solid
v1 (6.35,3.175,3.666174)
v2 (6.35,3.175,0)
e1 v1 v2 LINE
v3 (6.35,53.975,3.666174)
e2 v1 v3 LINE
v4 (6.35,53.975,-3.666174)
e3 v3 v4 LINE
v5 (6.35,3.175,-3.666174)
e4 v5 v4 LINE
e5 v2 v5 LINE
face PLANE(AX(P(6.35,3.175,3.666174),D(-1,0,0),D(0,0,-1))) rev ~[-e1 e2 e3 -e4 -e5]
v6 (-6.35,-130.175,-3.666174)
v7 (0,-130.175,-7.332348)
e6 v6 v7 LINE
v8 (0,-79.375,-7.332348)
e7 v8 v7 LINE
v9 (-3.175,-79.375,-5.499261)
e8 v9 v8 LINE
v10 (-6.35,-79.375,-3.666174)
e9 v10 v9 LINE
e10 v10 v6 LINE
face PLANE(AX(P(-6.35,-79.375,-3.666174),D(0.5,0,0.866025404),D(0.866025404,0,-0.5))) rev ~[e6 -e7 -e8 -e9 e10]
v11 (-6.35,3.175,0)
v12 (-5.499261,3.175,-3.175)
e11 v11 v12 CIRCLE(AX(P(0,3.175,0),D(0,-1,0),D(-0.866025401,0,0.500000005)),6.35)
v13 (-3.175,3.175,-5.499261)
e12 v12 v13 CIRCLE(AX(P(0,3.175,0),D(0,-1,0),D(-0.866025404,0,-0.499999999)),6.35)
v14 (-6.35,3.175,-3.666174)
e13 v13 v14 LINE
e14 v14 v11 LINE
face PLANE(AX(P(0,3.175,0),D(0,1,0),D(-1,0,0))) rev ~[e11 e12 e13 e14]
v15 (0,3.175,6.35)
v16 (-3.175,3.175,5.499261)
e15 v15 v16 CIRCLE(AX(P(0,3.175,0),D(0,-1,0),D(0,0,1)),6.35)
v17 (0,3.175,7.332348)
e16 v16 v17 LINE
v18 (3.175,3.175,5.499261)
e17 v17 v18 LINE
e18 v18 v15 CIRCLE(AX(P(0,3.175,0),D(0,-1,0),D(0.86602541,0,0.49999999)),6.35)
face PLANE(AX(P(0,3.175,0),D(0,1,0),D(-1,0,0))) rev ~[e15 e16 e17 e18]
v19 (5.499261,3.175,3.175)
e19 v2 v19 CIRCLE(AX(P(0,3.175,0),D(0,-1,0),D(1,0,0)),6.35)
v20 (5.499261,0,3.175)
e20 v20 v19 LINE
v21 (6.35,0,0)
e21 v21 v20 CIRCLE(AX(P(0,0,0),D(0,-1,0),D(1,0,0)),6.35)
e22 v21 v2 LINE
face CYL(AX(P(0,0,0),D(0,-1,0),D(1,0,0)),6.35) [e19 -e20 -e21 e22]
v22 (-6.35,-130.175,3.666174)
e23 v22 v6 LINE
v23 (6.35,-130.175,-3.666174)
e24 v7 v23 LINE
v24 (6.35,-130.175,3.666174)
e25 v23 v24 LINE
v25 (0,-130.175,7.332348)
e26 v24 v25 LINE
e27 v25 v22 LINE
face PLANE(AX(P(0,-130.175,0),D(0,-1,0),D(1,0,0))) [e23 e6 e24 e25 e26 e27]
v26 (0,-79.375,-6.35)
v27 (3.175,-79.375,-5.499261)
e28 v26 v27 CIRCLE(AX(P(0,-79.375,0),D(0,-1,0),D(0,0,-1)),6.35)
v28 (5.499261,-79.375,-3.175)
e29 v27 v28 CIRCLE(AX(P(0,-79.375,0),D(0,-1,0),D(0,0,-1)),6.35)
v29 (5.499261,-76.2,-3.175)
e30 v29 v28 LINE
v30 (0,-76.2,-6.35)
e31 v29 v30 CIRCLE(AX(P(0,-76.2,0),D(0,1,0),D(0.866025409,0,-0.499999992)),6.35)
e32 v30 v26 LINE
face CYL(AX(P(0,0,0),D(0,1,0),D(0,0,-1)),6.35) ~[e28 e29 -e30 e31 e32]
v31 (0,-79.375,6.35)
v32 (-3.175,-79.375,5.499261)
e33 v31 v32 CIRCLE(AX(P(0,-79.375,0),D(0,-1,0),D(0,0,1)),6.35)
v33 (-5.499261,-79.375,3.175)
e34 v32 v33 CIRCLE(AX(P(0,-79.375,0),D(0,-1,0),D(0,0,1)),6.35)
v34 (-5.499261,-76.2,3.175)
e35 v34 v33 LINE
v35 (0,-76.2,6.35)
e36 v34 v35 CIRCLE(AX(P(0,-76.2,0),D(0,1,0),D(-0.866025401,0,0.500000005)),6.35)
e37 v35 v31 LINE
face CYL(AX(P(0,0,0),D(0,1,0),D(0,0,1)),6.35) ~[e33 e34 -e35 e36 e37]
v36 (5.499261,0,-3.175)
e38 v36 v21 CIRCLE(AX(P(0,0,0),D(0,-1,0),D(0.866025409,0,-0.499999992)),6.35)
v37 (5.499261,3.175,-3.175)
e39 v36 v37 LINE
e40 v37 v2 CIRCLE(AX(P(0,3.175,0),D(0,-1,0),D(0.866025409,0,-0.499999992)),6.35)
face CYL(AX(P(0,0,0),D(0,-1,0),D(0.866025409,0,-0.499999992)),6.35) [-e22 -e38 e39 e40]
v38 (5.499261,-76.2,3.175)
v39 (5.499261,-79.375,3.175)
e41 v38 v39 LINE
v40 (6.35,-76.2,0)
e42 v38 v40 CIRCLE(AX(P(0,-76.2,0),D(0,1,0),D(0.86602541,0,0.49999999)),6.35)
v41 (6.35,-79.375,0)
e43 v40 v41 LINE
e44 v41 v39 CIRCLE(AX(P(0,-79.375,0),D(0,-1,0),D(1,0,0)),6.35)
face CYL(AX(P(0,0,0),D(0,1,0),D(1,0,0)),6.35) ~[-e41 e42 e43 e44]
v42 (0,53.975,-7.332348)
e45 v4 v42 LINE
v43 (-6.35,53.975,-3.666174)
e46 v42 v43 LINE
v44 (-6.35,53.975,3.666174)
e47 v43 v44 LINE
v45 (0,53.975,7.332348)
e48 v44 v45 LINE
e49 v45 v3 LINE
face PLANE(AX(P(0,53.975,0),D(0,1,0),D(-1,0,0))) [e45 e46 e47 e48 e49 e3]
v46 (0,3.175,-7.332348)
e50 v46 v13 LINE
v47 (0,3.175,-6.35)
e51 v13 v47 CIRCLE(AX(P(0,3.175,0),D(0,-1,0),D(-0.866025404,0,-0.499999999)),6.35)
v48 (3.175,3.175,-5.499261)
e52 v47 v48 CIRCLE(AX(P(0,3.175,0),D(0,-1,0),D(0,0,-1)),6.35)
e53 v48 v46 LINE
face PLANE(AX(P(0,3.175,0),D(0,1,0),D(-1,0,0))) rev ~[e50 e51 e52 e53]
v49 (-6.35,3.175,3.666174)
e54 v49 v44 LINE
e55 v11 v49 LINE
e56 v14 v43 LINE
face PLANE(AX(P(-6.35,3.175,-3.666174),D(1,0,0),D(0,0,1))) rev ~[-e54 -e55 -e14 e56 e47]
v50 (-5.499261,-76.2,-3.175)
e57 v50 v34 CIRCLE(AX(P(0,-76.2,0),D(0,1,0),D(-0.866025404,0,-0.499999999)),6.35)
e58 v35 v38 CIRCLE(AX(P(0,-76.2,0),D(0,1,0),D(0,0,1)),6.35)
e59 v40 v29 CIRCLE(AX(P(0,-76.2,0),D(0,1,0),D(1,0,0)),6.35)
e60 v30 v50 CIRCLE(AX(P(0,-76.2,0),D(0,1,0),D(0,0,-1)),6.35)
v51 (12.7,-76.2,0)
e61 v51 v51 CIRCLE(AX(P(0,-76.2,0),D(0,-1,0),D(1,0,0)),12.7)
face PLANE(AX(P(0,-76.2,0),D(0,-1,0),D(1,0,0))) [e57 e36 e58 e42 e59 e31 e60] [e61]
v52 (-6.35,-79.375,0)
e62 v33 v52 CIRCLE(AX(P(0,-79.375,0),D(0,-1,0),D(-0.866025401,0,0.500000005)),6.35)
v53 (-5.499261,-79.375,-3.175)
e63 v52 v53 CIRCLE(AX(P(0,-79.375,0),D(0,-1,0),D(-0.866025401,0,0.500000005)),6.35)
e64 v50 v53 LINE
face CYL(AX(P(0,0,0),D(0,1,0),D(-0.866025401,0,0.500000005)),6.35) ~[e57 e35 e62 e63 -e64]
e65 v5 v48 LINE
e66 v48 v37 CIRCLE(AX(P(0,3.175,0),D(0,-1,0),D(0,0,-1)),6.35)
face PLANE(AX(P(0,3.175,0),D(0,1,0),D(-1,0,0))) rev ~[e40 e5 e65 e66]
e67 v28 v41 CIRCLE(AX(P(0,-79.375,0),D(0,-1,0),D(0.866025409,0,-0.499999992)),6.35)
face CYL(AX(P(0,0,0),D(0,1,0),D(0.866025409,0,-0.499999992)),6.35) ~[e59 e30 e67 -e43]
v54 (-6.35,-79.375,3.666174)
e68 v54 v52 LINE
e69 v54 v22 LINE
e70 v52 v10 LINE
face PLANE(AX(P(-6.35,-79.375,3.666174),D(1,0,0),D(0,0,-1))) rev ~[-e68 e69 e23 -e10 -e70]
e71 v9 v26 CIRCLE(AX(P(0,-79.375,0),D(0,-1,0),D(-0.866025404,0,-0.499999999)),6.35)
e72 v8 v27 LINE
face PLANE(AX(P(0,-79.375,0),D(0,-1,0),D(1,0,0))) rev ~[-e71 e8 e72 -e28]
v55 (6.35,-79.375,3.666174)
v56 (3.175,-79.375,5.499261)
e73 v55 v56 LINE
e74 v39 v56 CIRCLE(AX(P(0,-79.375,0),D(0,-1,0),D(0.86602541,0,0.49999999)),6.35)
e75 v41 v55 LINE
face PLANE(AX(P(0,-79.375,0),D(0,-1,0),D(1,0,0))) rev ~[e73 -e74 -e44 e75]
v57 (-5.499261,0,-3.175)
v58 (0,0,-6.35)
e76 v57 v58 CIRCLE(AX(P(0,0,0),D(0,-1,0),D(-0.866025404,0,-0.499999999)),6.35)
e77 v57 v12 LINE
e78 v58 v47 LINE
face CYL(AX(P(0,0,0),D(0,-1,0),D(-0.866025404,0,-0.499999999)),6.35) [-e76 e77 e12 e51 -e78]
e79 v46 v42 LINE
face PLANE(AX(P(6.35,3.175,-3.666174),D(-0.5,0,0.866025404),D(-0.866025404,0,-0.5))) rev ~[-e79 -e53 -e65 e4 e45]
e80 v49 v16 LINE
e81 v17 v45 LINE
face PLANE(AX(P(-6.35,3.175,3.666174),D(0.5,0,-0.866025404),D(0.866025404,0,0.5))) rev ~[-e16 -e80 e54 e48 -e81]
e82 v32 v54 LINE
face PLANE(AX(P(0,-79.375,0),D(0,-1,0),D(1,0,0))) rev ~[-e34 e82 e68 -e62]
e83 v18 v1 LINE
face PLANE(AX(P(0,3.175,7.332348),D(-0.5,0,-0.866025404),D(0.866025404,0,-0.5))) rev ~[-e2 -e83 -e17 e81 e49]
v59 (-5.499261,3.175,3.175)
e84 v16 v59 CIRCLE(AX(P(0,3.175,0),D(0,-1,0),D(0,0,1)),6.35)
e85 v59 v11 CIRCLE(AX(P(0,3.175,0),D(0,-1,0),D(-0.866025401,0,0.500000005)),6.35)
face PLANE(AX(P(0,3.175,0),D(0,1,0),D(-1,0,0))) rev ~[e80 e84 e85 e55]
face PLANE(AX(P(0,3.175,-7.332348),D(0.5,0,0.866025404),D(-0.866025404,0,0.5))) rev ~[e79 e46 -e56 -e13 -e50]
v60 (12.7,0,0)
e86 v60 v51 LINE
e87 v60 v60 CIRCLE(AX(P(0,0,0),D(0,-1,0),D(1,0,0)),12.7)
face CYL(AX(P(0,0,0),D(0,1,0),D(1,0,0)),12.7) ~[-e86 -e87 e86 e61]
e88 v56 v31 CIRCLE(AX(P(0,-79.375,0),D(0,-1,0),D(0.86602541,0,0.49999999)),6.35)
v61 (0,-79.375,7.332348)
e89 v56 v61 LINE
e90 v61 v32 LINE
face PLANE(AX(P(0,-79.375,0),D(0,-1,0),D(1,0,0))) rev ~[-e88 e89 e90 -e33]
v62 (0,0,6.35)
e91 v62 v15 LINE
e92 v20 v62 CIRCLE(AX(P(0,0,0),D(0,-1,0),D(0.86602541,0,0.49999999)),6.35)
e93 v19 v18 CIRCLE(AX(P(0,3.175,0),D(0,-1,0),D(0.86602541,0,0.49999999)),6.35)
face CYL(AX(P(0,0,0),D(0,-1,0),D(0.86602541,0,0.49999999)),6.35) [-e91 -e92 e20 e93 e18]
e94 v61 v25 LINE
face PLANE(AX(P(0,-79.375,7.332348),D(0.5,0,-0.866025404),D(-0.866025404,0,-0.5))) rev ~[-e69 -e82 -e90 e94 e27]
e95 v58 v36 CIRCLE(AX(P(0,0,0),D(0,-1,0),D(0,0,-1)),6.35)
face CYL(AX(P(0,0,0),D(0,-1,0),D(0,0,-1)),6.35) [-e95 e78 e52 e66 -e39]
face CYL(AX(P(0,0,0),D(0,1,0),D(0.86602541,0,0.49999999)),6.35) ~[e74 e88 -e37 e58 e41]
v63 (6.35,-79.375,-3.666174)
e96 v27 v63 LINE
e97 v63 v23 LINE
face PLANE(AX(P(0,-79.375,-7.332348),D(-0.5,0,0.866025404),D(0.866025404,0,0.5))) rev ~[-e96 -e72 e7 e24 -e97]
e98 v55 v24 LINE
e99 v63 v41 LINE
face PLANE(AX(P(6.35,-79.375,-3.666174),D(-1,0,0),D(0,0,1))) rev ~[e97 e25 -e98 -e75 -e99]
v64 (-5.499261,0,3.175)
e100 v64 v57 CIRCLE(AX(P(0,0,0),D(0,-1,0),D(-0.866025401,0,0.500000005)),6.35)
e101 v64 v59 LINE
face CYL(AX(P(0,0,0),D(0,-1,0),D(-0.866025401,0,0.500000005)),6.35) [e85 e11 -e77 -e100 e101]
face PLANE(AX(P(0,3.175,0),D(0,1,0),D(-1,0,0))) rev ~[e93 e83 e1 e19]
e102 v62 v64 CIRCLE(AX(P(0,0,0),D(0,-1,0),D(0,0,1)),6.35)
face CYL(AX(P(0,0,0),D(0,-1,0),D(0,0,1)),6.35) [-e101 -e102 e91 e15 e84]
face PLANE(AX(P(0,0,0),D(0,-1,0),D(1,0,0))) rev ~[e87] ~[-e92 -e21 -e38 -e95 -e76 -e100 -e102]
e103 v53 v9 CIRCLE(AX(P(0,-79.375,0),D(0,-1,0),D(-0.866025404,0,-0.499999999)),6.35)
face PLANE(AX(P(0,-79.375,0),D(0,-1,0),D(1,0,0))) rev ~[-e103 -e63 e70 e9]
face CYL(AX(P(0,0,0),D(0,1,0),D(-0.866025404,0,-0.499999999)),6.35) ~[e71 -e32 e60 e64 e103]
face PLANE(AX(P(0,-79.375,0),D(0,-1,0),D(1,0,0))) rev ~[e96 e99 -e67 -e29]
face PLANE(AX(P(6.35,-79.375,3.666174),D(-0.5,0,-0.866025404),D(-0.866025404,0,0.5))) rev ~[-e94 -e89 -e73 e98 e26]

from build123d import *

# Parameters (mm, degrees)
F0_R          = 12.7
F1_DEPTH      = 76.2
F2_DEPTH      = 79.375
F2_DEPTH_BACK = 3.175
F4_DEPTH      = 50.8
F6_DEPTH      = 50.8


with BuildPart() as f1:
    # F0 (on Front) → F1 (new body)
    with BuildSketch(Plane.XZ):
        Circle(F0_R)
        Polygon((3.6661742094, 6.35), (5.499261351, 3.174999936), (7.3323484187, 0), (5.4992613448, -3.1749999467), (3.6661742094, -6.35), (0, -6.35), (-3.6661742094, -6.35), (-5.4992613166, -3.1749999956), (-7.3323484187, 0), (-5.4992612953, 3.1750000324), (-3.6661742094, 6.35), (0, 6.35), align=None, mode=Mode.SUBTRACT)
        with BuildLine():
            ThreePointArc((0, 6.35), (3.175000032, 5.4992612955), (5.499261351, 3.174999936))
            Line((5.499261351, 3.174999936), (3.6661742094, 6.35))
            Line((3.6661742094, 6.35), (0, 6.35))
        make_face()
        with BuildLine():
            ThreePointArc((5.499261351, 3.174999936), (6.1336290065, 1.6435009007), (6.35, 0))
            ThreePointArc((6.35, 0), (6.1336290049, -1.6435009067), (5.4992613448, -3.1749999467))
            Line((5.4992613448, -3.1749999467), (7.3323484187, 0))
            Line((7.3323484187, 0), (5.499261351, 3.174999936))
        make_face()
        with BuildLine():
            ThreePointArc((-5.4992612953, 3.1750000324), (-3.1749999838, 5.4992613234), (0, 6.35))
            Line((0, 6.35), (-3.6661742094, 6.35))
            Line((-3.6661742094, 6.35), (-5.4992612953, 3.1750000324))
        make_face()
        with BuildLine():
            ThreePointArc((-5.4992613166, -3.1749999956), (-6.35, 2.13e-08), (-5.4992612953, 3.1750000324))
            Line((-5.4992612953, 3.1750000324), (-7.3323484187, 0))
            Line((-7.3323484187, 0), (-5.4992613166, -3.1749999956))
        make_face()
        with BuildLine():
            Line((-3.6661742094, -6.35), (0, -6.35))
            ThreePointArc((0, -6.35), (-3.1750000022, -5.4992613128), (-5.4992613166, -3.1749999956))
            Line((-5.4992613166, -3.1749999956), (-3.6661742094, -6.35))
        make_face()
        with BuildLine():
            Line((3.6661742094, -6.35), (5.4992613448, -3.1749999467))
            ThreePointArc((5.4992613448, -3.1749999467), (3.1750000266, -5.4992612987), (0, -6.35))
            Line((0, -6.35), (3.6661742094, -6.35))
        make_face()
    extrude(amount=F1_DEPTH)

    # F0 (on Front) → F2 (join, two sides)
    with BuildSketch(Plane.XZ) as f2_sk:
        with BuildLine():
            ThreePointArc((5.4992613448, -3.1749999467), (6.1336290049, -1.6435009067), (6.35, 0))
            ThreePointArc((6.35, 0), (6.1336290065, 1.6435009007), (5.499261351, 3.174999936))
            ThreePointArc((5.499261351, 3.174999936), (3.175000032, 5.4992612955), (0, 6.35))
            ThreePointArc((0, 6.35), (-3.1749999838, 5.4992613234), (-5.4992612953, 3.1750000324))
            ThreePointArc((-5.4992612953, 3.1750000324), (-6.35, 2.13e-08), (-5.4992613166, -3.1749999956))
            ThreePointArc((-5.4992613166, -3.1749999956), (-3.1750000022, -5.4992613128), (0, -6.35))
            ThreePointArc((0, -6.35), (3.1750000266, -5.4992612987), (5.4992613448, -3.1749999467))
        make_face()
    extrude(amount=F2_DEPTH)
    extrude(f2_sk.sketch, amount=-F2_DEPTH_BACK)

    # F3 (on face) → F4 (join)
    with BuildSketch(Plane(origin=(0, 3.175, 0), x_dir=(-1, 0, 0), z_dir=(0, 1, 0))):
        Polygon((6.35, -3.6661742094), (6.35, 3.6661742094), (0, 7.3323484187), (-6.35, 3.6661742094), (-6.35, -3.6661742094), (0, -7.3323484187), align=None)
    extrude(amount=F4_DEPTH)

    # F5 (on face) → F6 (join)
    with BuildSketch(Plane.XZ.offset(79.375)):
        Polygon((-6.35, 3.6661742094), (-6.35, -3.6661742094), (0, -7.3323484187), (6.35, -3.6661742094), (6.35, 3.6661742094), (0, 7.3323484187), align=None)
    extrude(amount=F6_DEPTH)


solid = f1.part
